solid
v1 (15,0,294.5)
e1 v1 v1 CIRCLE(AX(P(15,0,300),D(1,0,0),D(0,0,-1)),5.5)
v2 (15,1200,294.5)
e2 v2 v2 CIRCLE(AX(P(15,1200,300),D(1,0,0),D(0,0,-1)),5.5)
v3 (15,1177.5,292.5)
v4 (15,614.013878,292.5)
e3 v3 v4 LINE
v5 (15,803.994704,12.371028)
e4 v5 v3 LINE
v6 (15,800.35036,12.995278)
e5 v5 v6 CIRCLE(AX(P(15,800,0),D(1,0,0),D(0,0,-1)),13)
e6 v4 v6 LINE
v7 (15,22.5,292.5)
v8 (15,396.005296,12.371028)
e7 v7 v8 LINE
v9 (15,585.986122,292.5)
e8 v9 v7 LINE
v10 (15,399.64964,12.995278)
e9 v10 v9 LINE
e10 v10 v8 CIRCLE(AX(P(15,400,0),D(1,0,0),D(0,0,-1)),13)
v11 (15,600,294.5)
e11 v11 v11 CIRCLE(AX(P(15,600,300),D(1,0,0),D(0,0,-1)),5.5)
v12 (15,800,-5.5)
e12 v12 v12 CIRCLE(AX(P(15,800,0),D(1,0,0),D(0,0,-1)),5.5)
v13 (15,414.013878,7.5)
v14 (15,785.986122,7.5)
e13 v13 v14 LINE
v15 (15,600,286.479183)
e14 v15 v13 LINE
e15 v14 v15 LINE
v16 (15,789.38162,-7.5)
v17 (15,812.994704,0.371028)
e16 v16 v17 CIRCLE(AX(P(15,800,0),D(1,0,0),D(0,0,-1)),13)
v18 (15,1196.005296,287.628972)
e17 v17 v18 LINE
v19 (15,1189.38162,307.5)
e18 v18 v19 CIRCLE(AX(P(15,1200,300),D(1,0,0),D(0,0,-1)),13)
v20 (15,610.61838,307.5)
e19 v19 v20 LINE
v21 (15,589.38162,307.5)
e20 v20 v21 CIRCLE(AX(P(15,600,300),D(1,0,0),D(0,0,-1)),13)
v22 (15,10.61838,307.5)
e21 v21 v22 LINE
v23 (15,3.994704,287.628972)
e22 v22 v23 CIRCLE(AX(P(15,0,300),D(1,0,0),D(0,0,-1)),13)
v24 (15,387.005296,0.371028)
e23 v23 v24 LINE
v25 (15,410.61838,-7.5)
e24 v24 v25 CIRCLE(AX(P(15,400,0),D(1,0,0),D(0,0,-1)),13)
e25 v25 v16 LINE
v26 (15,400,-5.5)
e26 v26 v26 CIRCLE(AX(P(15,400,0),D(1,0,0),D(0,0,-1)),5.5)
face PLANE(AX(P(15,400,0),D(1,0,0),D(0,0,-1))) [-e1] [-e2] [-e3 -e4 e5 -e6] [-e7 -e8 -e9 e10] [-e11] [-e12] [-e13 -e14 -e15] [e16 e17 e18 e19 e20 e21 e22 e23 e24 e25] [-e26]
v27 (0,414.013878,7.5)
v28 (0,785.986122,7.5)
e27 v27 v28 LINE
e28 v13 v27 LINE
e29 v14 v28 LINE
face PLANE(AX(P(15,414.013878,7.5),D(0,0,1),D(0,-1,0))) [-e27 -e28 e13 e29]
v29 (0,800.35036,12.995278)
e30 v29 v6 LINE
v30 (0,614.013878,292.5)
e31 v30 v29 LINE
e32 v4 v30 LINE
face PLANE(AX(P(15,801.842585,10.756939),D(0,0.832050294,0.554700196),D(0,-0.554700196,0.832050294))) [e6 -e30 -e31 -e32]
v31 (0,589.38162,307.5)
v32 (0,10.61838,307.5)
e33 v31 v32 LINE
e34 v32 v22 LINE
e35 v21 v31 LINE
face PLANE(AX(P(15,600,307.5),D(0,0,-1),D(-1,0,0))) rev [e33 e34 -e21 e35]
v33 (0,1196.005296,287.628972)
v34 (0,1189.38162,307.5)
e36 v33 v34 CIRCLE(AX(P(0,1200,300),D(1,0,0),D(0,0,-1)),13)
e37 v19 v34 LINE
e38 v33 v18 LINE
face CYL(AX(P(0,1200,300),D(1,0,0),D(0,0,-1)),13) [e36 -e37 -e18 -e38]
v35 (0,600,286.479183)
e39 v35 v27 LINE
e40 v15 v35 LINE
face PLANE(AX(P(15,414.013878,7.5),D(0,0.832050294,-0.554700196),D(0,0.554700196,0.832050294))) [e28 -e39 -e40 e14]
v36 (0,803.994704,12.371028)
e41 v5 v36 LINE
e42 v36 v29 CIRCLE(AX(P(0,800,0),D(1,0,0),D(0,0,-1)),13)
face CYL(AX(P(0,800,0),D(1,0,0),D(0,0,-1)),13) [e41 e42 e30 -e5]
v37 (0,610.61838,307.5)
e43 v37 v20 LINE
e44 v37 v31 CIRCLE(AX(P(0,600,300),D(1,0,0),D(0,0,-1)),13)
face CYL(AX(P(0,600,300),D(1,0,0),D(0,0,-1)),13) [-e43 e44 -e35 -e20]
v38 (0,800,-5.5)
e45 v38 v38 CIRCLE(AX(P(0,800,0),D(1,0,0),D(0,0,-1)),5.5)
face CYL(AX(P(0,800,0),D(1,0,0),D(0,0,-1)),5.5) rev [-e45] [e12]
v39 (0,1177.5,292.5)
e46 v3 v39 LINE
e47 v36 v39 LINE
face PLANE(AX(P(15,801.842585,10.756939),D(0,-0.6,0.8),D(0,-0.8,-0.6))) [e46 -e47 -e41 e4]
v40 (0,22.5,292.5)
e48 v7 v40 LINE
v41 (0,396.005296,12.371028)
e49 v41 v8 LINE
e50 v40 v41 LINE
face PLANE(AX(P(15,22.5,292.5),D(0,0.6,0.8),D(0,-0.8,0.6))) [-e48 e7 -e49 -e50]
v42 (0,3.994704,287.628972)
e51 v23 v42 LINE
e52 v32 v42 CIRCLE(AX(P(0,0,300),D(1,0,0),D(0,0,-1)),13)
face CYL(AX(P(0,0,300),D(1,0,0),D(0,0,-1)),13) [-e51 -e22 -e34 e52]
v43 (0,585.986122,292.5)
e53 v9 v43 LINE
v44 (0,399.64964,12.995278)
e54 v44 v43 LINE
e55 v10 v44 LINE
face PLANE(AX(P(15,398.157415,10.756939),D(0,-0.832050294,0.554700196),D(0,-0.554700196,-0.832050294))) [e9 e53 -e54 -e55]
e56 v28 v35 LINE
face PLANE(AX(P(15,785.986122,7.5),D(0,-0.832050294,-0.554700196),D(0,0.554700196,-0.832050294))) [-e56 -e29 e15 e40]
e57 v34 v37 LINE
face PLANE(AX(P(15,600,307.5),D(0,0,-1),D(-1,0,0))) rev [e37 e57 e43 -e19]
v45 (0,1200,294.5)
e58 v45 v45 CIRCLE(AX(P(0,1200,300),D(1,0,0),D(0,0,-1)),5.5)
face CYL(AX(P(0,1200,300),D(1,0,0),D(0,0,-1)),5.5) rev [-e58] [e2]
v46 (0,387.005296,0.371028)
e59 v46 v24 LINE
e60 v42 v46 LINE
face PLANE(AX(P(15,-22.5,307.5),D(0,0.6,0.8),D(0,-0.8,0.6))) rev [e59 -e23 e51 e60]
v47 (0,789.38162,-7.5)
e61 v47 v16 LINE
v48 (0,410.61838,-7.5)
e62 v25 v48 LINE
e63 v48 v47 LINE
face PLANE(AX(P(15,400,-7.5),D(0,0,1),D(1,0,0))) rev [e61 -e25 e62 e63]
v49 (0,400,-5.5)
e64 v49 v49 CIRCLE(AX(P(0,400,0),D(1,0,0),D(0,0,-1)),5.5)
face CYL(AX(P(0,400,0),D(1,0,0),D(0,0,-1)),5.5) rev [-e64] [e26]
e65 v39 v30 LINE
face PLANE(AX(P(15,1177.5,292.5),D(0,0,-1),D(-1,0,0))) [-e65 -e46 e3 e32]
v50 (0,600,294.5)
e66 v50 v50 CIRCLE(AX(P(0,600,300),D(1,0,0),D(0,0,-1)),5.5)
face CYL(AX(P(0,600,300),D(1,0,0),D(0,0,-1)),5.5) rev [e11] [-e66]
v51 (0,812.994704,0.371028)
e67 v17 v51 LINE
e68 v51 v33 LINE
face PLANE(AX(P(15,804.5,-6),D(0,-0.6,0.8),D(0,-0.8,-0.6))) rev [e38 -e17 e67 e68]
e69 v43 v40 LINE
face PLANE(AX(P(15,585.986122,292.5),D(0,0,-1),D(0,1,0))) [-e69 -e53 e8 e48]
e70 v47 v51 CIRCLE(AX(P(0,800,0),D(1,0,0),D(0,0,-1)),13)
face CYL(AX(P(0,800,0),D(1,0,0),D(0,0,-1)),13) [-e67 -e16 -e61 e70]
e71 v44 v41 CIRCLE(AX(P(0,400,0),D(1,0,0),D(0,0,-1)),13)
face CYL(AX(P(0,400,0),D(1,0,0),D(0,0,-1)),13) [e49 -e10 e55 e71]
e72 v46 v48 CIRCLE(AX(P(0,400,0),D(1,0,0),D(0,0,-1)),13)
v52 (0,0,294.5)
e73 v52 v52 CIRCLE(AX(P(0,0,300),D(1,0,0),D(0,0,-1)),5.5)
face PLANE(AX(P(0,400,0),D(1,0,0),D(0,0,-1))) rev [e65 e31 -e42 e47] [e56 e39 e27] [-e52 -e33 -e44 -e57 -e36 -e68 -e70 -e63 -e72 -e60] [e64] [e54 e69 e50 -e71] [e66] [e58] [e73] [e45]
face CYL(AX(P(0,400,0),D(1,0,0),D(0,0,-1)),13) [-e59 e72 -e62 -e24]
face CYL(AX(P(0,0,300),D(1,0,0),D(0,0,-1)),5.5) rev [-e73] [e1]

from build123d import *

# Parameters (mm, degrees)
BOSS_EXTRUDE1_DEPTH = 15
SKETCH3_R           = 13
BOSS_EXTRUDE2_DEPTH = 15
CUT_EXTRUDE1_DEPTH  = 15
SKETCH5_R           = 5.5
CUT_EXTRUDE2_DEPTH  = 15


with BuildPart() as part:
    # Sketch2 → Boss-Extrude1 (new body)
    with BuildSketch(Plane.YZ):
        with BuildLine():
            Line((600, 307.5), (-22.5, 307.5))
            Line((-22.5, 307.5), (395.5, -6))
            ThreePointArc((395.5, -6), (397.628291755, -7.115124735), (400, -7.5))
            Line((400, -7.5), (800, -7.5))
            ThreePointArc((800, -7.5), (802.371708245, -7.115124735), (804.5, -6))
            Line((804.5, -6), (1222.5, 307.5))
            Line((1222.5, 307.5), (600, 307.5))
        make_face()
        Polygon((414.013878189, 7.5), (600, 286.479182717), (785.986121811, 7.5), align=None, mode=Mode.SUBTRACT)
        Polygon((801.842585459, 10.756939094), (614.013878189, 292.5), (1177.5, 292.5), align=None, mode=Mode.SUBTRACT)
        Polygon((585.986121811, 292.5), (22.5, 292.5), (398.157414541, 10.756939094), align=None, mode=Mode.SUBTRACT)
    extrude(amount=BOSS_EXTRUDE1_DEPTH)

    # Sketch3 → Boss-Extrude2 (add)
    with BuildSketch(Plane.YZ.offset(15)):
        with Locations((400, 0)):
            Circle(SKETCH3_R)
        with Locations((0, 300)):
            Circle(SKETCH3_R)
        with Locations((600, 300)):
            Circle(SKETCH3_R)
        with Locations((1200, 300)):
            Circle(SKETCH3_R)
        with Locations((800, 0)):
            Circle(SKETCH3_R)
    extrude(amount=-BOSS_EXTRUDE2_DEPTH)

    # Sketch4 → Cut-Extrude1 (cut)
    with BuildSketch(Plane.YZ.offset(15)):
        with BuildLine():
            Line((-10.618380291, 307.5), (-22.5, 307.5))
            Line((-22.5, 307.5), (-12.994704233, 300.371028174))
            ThreePointArc((-12.994704233, 300.371028174), (-12.332882875, 304.110960958), (-10.618380291, 307.5))
        make_face()
        with BuildLine():
            Line((1210.618380291, 307.5), (1222.5, 307.5))
            Line((1222.5, 307.5), (1212.994704233, 300.371028174))
            ThreePointArc((1212.994704233, 300.371028174), (1212.332882875, 304.110960958), (1210.618380291, 307.5))
        make_face()
    extrude(amount=-CUT_EXTRUDE1_DEPTH, mode=Mode.SUBTRACT)

    # Sketch5 → Cut-Extrude2 (cut)
    with BuildSketch(Plane.YZ.offset(15)):
        with Locations(Location((0, 300, 0), (0, 0, 270))):
            Circle(SKETCH5_R)
        with Locations(Location((600, 300, 0), (0, 0, 270))):
            Circle(SKETCH5_R)
        with Locations(Location((1200, 300, 0), (0, 0, 270))):
            Circle(SKETCH5_R)
        with Locations(Location((800, 0, 0), (0, 0, 270))):
            Circle(SKETCH5_R)
        with Locations(Location((400, 0, 0), (0, 0, 270))):
            Circle(SKETCH5_R)
    extrude(amount=-CUT_EXTRUDE2_DEPTH, mode=Mode.SUBTRACT)


solid = part.part
